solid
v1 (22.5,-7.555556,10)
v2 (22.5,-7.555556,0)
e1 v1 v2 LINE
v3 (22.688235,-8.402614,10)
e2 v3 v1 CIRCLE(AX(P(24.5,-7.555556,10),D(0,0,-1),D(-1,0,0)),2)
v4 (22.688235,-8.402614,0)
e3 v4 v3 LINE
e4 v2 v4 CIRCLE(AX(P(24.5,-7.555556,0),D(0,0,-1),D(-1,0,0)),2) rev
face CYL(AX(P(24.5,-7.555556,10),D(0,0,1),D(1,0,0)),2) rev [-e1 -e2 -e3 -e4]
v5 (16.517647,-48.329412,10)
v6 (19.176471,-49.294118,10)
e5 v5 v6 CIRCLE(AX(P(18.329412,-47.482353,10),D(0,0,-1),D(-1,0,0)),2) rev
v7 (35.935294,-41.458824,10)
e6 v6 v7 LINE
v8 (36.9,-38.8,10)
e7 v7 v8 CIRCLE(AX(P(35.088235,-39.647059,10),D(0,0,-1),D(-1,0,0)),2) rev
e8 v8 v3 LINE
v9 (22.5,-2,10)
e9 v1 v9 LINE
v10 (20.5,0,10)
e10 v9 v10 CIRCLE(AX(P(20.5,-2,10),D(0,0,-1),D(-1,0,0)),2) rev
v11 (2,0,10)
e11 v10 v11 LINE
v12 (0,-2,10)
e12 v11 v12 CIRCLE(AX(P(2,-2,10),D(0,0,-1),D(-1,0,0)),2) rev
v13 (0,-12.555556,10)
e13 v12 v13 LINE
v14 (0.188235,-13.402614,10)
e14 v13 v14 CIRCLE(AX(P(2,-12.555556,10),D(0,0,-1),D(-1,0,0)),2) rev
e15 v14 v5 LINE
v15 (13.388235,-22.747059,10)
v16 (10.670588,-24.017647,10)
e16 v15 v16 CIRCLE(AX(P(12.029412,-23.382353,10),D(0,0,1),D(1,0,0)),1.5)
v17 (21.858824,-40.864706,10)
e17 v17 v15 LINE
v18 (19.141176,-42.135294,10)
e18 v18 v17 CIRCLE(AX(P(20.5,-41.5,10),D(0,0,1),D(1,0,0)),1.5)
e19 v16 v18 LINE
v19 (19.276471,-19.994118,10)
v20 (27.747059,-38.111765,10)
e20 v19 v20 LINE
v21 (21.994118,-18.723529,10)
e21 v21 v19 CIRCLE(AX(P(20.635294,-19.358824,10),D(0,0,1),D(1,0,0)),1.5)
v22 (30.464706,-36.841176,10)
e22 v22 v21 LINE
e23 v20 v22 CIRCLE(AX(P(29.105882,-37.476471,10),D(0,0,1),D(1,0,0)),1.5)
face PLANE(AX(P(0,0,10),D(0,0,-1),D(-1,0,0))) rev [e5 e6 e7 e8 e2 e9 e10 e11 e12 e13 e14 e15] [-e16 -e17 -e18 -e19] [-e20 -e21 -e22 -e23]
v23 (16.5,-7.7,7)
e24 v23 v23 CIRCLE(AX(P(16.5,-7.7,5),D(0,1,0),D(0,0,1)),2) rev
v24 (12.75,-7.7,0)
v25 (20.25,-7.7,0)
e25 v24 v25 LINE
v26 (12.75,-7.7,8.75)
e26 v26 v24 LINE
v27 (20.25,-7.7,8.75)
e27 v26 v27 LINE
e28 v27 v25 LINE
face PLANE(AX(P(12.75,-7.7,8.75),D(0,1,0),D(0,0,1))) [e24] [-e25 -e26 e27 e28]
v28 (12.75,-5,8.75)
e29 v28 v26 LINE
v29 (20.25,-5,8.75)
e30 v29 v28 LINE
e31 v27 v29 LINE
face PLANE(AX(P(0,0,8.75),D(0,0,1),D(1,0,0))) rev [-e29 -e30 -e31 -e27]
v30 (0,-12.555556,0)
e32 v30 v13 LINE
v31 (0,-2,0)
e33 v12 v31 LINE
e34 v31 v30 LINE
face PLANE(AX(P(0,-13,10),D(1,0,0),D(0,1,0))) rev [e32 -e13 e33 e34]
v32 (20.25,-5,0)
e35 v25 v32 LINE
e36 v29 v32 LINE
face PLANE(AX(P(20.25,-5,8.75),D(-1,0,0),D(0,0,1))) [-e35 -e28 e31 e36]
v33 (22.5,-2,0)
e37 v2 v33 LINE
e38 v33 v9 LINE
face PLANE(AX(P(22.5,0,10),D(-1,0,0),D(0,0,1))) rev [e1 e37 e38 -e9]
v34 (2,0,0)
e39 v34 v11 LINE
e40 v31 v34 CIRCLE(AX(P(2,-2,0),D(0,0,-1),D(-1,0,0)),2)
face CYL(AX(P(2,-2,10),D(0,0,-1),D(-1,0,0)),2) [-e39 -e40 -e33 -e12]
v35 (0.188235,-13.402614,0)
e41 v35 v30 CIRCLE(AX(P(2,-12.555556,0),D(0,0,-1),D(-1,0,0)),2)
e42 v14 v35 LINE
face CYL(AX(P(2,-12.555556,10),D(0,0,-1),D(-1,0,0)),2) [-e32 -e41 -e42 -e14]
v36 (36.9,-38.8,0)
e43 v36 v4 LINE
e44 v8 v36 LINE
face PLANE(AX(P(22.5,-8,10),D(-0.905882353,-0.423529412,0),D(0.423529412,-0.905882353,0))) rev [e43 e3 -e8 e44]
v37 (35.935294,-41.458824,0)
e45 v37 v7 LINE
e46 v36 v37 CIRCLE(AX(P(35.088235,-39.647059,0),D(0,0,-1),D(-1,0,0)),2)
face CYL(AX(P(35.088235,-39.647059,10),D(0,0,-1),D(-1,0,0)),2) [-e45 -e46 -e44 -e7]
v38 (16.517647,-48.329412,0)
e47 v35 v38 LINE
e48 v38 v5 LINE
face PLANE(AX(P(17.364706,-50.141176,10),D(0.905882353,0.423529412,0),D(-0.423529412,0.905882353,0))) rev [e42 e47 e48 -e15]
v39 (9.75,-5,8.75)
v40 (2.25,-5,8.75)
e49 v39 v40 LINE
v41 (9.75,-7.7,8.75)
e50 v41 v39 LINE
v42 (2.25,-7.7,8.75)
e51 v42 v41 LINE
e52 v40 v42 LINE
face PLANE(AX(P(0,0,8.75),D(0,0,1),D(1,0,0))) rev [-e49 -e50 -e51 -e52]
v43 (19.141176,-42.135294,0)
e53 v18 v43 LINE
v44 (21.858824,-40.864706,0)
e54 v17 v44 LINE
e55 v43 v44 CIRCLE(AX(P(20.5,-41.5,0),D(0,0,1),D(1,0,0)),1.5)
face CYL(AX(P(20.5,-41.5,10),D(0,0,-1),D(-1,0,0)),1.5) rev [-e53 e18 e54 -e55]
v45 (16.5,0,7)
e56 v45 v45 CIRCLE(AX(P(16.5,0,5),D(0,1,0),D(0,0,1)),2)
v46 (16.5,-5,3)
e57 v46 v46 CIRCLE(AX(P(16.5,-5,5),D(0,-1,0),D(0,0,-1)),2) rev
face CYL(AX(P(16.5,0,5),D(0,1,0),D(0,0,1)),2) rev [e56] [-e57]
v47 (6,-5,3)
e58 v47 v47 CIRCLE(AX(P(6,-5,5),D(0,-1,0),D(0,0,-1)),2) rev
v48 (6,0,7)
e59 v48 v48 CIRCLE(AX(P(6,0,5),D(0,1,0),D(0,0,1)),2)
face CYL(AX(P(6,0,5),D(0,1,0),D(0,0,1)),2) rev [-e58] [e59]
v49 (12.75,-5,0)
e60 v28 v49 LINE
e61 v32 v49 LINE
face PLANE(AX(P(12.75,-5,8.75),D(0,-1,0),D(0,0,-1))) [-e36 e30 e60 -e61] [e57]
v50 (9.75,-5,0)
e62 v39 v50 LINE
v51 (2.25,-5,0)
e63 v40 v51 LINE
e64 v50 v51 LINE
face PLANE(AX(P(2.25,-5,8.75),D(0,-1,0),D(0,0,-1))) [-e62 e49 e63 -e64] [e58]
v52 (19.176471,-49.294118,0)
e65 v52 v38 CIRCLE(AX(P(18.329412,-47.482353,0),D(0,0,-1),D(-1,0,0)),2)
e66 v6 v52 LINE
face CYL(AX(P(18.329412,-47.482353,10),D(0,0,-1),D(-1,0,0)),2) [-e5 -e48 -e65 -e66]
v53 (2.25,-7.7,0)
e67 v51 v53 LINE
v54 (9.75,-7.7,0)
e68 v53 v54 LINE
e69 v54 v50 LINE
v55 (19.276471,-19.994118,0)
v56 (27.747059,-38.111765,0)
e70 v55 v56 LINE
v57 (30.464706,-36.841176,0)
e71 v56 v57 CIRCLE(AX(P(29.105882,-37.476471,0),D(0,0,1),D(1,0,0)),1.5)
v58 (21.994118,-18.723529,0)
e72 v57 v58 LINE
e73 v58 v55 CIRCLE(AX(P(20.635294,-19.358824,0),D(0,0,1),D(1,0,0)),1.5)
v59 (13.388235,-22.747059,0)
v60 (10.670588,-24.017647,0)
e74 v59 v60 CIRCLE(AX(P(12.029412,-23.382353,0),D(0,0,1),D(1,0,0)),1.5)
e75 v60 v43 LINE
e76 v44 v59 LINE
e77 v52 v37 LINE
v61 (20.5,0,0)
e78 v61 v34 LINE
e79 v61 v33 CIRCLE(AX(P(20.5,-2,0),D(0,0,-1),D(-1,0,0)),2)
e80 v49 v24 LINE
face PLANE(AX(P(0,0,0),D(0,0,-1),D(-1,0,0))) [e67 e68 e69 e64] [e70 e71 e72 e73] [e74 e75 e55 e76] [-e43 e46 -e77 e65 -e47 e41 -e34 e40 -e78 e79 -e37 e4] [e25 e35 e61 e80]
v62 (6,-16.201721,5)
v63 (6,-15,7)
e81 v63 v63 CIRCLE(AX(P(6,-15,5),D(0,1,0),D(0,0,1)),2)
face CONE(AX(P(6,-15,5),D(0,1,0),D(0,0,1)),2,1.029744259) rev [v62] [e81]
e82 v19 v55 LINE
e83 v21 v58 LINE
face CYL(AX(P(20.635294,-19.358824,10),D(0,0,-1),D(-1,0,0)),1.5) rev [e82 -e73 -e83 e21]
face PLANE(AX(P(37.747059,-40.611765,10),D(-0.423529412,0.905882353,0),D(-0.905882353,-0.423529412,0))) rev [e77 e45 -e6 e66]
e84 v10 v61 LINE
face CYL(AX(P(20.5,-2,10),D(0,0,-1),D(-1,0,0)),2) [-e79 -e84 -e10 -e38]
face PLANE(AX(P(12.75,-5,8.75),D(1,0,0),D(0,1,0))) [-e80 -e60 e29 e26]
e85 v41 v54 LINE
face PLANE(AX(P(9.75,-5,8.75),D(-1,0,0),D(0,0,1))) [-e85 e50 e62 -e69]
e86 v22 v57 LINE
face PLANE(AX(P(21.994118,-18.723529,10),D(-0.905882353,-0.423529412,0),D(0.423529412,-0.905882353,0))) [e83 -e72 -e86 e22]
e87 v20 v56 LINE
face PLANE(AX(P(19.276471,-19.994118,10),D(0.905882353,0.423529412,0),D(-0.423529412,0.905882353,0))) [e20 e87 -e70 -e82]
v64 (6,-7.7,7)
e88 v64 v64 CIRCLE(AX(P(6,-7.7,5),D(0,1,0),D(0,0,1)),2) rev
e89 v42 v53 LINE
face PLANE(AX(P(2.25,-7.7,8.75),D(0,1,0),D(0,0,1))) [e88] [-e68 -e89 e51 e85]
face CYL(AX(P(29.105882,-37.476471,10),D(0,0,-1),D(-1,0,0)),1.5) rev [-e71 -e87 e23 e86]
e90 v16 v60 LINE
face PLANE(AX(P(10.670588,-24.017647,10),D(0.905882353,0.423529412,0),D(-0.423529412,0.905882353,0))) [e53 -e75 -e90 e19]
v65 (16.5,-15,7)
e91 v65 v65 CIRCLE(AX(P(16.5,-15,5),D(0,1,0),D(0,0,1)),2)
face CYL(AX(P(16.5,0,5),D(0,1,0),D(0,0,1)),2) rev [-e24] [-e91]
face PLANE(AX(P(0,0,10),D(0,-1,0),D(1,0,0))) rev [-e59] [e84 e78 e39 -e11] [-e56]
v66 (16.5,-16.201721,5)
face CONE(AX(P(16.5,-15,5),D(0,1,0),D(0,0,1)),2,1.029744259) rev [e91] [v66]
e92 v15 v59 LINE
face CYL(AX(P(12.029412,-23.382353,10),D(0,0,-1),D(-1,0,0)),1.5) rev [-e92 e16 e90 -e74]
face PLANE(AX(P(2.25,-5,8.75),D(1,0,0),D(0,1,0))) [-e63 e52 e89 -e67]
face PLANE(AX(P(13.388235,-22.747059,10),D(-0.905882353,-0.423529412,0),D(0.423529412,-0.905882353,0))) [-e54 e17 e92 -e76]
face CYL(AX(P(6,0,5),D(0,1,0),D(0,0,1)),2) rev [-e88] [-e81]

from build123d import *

# Parameters (mm, degrees)
BOSS_EXTRUDE1_DEPTH          = 10
F_4_0_4_DIAMETER_HOLE1_D     = 4
F_4_0_4_DIAMETER_HOLE1_DEPTH = 15
F_4_0_4_DIAMETER_HOLE1_TIP   = 1.201721238
SKETCH6_W                    = 7.5
SKETCH6_H                    = 2.7
CUT_EXTRUDE1_DEPTH           = 8.75
FILLET1_R                    = 2


with BuildPart() as part:
    # Sketch1 → Boss-Extrude1 (new body)
    with BuildSketch(Plane.XY):
        Polygon((0, 0), (22.5, 0), (22.5, -8), (37.747058824, -40.611764706), (17.364705882, -50.141176471), (0, -13), align=None)
        with BuildLine():
            Line((13.388235294, -22.747058824), (21.858823529, -40.864705882))
            ThreePointArc((21.858823529, -40.864705882), (21.135294118, -42.858823529), (19.141176471, -42.135294118))
            Line((19.141176471, -42.135294118), (10.670588235, -24.017647059))
            ThreePointArc((10.670588235, -24.017647059), (11.394117647, -22.023529412), (13.388235294, -22.747058824))
        make_face(mode=Mode.SUBTRACT)
        with BuildLine():
            Line((21.994117647, -18.723529412), (30.464705882, -36.841176471))
            ThreePointArc((30.464705882, -36.841176471), (29.741176471, -38.835294118), (27.747058824, -38.111764706))
            Line((27.747058824, -38.111764706), (19.276470588, -19.994117647))
            ThreePointArc((19.276470588, -19.994117647), (20, -18), (21.994117647, -18.723529412))
        make_face(mode=Mode.SUBTRACT)
    extrude(amount=BOSS_EXTRUDE1_DEPTH)

    # Ø4.0 (4) Diameter Hole1
    with Locations(Plane(origin=(0, 0, 0), x_dir=(1, 0, 0), z_dir=(0, 1, 0))):
        with Locations((6, -5), (16.5, -5)):
            Hole(F_4_0_4_DIAMETER_HOLE1_D / 2, depth=F_4_0_4_DIAMETER_HOLE1_DEPTH)
            with Locations((0, 0, -(F_4_0_4_DIAMETER_HOLE1_DEPTH + F_4_0_4_DIAMETER_HOLE1_TIP / 2))):  # 118° drill point
                Cone(0, F_4_0_4_DIAMETER_HOLE1_D / 2, F_4_0_4_DIAMETER_HOLE1_TIP, mode=Mode.SUBTRACT)

    # Sketch6 → Cut-Extrude1 (cut)
    with BuildSketch(Plane.XY):
        with Locations((6, -6.35)):
            Rectangle(SKETCH6_W, SKETCH6_H)
        with Locations((16.5, -6.35)):
            Rectangle(SKETCH6_W, SKETCH6_H)
    extrude(amount=CUT_EXTRUDE1_DEPTH, mode=Mode.SUBTRACT)

    # Fillet1
    fillet1_edges = [part.edges().sort_by_distance(p)[0] for p in [
        (0, 0, 5),
        (22.5, 0, 5),
        (22.5, -8, 5),
        (37.747058824, -40.611764706, 5),
        (17.364705882, -50.141176471, 5),
        (0, -13, 5),
    ]]
    fillet(fillet1_edges, radius=FILLET1_R)


solid = part.part
